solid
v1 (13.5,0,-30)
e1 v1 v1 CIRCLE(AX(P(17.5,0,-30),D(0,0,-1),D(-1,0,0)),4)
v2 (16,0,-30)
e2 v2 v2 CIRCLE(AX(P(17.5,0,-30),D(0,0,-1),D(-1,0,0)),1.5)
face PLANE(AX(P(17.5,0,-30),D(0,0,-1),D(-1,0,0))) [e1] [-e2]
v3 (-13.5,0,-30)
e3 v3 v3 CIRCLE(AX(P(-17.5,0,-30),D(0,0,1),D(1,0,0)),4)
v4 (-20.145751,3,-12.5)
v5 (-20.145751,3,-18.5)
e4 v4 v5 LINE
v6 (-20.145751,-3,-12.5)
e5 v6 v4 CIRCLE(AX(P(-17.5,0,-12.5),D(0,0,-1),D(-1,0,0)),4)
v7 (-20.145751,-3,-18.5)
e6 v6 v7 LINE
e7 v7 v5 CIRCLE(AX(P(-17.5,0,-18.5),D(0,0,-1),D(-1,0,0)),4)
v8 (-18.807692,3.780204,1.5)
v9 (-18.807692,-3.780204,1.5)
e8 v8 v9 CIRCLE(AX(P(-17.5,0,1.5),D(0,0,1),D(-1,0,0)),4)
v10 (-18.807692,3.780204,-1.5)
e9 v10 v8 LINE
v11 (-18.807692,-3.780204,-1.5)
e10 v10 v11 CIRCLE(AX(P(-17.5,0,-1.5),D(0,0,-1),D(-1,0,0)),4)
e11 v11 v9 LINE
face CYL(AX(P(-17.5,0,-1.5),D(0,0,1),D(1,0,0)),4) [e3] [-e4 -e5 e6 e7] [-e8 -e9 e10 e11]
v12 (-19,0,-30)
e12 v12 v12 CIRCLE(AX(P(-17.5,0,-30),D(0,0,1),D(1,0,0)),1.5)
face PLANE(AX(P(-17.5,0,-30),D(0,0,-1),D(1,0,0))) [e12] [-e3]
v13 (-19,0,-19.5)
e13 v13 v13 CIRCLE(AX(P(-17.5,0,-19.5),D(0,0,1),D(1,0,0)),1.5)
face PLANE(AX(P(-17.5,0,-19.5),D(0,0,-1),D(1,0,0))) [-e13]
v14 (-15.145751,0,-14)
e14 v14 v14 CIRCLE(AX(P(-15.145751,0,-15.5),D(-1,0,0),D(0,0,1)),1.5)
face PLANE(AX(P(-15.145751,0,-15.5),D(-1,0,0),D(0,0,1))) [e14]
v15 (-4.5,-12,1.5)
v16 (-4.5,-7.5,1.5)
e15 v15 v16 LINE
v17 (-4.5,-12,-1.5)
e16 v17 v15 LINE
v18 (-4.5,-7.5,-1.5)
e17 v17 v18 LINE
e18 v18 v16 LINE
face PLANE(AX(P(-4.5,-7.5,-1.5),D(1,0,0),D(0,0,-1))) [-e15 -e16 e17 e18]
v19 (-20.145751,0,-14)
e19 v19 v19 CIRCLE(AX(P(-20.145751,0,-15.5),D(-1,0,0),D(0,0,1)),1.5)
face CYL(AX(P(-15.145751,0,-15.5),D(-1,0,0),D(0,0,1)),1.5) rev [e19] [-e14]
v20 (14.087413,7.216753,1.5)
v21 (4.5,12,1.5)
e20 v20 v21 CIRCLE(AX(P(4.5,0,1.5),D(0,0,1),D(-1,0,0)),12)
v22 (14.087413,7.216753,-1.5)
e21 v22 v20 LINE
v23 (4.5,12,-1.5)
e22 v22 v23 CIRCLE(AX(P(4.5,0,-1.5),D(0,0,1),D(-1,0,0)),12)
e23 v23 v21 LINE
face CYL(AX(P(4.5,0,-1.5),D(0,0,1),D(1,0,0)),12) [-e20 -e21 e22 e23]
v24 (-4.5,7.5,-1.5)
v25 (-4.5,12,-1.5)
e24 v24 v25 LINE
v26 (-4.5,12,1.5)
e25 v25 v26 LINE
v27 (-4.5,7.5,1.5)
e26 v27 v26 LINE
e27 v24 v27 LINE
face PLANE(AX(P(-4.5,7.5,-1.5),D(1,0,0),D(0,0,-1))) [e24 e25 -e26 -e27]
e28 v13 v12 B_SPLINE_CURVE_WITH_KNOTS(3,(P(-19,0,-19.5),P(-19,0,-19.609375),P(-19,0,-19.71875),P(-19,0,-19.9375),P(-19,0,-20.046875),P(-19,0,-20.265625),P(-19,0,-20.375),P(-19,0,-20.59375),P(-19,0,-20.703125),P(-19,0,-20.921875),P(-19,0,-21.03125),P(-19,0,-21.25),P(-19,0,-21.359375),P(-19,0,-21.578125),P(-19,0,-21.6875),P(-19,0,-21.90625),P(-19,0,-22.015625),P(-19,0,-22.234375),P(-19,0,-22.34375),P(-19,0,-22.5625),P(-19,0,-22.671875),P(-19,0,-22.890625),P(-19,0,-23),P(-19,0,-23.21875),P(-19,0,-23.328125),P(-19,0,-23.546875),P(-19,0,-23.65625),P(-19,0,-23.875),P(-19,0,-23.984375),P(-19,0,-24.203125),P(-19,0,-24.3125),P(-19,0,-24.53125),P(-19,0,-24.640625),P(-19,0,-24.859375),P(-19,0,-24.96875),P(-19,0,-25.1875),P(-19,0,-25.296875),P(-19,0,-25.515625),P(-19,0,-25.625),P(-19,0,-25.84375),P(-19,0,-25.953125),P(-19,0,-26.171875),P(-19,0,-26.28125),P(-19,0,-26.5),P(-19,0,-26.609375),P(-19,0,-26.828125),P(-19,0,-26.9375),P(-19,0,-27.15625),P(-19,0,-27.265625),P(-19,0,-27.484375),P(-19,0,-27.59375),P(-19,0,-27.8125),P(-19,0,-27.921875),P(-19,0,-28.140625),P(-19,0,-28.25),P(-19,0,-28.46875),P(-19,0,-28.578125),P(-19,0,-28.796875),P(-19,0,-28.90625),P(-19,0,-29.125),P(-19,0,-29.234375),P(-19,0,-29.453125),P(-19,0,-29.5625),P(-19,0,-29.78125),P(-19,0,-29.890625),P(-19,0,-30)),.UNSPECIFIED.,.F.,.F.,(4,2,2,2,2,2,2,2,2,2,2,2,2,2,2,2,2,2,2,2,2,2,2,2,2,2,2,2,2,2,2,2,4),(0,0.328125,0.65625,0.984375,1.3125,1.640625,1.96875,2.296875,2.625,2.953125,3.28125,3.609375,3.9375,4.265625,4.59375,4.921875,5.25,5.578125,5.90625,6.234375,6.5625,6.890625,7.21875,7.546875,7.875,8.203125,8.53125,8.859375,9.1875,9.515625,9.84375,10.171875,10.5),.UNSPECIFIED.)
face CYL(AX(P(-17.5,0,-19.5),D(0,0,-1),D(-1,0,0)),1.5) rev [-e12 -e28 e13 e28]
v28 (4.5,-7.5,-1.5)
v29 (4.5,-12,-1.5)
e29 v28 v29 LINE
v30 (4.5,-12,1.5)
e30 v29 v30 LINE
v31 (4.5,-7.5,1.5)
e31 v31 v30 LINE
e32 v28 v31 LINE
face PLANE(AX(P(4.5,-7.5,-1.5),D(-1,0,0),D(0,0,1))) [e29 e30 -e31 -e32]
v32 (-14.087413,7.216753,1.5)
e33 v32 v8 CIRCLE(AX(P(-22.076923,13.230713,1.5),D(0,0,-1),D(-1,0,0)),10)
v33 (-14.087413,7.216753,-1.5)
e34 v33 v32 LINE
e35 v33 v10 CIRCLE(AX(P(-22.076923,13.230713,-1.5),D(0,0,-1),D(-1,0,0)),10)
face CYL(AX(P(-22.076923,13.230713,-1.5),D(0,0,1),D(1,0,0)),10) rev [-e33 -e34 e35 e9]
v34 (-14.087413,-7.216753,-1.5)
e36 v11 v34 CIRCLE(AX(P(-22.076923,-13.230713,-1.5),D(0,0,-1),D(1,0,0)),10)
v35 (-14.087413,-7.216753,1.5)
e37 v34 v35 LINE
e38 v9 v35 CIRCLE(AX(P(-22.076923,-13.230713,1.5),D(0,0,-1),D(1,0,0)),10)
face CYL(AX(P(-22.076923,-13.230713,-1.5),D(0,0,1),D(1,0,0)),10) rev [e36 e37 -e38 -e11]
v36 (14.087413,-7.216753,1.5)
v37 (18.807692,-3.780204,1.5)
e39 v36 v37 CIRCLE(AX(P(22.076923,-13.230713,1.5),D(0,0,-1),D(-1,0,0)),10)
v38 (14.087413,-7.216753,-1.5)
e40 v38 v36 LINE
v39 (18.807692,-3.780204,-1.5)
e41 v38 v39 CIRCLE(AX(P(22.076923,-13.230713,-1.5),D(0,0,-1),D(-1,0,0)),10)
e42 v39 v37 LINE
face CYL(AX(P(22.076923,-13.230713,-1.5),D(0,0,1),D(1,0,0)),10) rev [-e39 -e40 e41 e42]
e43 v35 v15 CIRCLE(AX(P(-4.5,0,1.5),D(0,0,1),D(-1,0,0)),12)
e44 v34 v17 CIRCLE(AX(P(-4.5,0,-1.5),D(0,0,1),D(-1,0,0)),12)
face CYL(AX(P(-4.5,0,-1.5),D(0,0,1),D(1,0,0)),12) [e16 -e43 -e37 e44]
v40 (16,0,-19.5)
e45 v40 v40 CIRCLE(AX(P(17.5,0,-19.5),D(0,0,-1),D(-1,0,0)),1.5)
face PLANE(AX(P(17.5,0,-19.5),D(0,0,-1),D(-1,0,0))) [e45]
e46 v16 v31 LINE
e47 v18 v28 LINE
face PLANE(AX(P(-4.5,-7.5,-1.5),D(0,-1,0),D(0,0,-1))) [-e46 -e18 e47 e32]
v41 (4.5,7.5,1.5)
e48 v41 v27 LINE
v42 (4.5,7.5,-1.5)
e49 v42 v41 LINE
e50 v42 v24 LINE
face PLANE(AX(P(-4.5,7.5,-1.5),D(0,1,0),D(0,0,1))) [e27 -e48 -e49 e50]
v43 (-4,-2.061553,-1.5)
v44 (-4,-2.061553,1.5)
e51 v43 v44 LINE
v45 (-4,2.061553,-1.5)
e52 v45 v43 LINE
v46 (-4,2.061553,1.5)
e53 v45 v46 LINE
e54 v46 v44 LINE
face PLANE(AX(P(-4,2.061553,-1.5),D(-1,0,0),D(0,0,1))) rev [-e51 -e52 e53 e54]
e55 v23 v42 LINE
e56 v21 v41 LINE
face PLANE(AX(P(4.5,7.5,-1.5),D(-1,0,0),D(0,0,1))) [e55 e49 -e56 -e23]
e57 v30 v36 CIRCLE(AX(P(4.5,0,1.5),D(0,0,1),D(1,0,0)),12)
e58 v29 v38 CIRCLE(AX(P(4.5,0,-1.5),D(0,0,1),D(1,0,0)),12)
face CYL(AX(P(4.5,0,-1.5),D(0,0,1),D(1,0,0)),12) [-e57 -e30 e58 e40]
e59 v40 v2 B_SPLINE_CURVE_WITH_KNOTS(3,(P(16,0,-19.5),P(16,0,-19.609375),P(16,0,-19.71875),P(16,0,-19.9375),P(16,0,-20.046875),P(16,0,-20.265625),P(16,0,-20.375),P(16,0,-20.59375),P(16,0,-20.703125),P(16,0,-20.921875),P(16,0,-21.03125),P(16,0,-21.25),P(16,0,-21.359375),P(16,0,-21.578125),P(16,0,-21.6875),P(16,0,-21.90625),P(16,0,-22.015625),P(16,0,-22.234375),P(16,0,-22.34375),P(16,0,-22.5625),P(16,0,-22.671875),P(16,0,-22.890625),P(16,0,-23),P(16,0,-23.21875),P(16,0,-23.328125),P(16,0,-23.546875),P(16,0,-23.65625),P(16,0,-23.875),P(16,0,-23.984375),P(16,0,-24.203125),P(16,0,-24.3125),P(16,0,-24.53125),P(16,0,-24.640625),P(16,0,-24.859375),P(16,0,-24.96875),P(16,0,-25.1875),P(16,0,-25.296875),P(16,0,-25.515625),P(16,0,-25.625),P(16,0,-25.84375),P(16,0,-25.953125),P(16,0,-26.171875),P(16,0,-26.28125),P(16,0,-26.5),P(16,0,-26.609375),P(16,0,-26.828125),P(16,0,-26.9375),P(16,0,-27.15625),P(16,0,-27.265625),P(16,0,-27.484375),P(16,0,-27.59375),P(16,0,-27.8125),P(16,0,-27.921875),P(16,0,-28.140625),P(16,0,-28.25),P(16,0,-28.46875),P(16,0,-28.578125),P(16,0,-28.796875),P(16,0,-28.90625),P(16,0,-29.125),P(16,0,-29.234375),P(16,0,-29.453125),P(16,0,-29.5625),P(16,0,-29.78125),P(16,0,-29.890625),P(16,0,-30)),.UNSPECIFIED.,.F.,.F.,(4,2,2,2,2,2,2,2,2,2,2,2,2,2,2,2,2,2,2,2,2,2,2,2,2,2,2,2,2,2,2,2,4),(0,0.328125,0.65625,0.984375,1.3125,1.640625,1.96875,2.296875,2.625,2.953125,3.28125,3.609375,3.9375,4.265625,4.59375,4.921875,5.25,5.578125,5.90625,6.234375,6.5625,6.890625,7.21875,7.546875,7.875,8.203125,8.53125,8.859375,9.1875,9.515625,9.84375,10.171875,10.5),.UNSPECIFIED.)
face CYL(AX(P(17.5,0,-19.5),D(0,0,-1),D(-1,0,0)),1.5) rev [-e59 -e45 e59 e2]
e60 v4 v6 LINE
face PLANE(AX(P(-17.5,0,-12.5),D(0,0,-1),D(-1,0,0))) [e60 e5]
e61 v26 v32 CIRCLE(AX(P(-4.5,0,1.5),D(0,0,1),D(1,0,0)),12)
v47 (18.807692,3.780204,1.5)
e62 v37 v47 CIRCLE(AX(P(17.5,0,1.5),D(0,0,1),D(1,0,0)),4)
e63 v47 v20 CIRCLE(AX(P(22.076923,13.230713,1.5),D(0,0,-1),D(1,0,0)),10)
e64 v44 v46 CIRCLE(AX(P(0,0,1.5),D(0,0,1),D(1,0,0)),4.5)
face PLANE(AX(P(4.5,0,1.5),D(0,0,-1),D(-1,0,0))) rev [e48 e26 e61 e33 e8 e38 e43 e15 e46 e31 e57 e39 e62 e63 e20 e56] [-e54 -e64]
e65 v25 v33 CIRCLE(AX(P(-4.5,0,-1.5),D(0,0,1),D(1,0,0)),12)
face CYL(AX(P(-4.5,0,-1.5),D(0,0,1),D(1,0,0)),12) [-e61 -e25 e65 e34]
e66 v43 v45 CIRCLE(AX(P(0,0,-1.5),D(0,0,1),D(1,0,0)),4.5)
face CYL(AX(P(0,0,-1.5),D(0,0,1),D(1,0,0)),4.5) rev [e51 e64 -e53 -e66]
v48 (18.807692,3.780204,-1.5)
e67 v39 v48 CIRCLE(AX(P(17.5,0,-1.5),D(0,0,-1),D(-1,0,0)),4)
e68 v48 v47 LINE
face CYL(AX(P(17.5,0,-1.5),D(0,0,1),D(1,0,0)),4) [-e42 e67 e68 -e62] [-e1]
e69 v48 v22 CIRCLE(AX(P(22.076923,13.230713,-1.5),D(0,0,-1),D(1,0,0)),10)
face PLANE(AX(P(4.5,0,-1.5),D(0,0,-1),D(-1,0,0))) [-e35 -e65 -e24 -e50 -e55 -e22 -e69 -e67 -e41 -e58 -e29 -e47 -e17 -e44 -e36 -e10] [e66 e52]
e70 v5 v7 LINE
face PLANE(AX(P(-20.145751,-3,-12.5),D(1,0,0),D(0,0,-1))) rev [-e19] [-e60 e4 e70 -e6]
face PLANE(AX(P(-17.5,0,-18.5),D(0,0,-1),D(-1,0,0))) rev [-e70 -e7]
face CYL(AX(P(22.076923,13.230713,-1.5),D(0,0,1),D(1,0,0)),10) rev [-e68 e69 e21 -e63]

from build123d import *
from build123d.topology import SkipClean

# Parameters (mm, degrees)
EXTRUDE_1_DEPTH     = 1.5
CUT_EXTRUDE_1_DEPTH = 25.80423351
SKETCH_5_R          = 4
EXTRUDE_2_DEPTH     = 28.5
SKETCH_8_R          = 1.5
CUT_EXTRUDE_2_DEPTH = 10.5
CUT_EXTRUDE_3_DEPTH = 3
SKETCH_11_R         = 1.5
CUT_EXTRUDE_4_DEPTH = 5


with BuildPart() as part:
    # 草图1 → 凸台-拉伸1 (new, symmetric)
    with BuildSketch(Plane.XY):
        with BuildLine():
            Line((-4.5, 7.5), (4.5, 7.5))
            Line((4.5, 7.5), (4.5, 12))
            ThreePointArc((4.5, 12), (9.857189903, 10.7378078), (14.087412587, 7.216752724))
            ThreePointArc((14.087412587, 7.216752724), (16.191153731, 5.146301215), (18.807692308, 3.780203808))
            ThreePointArc((18.807692308, 3.780203808), (21.5, 0), (18.807692308, -3.780203808))
            ThreePointArc((18.807692308, -3.780203808), (16.191153731, -5.146301215), (14.087412587, -7.216752724))
            ThreePointArc((14.087412587, -7.216752724), (9.857189903, -10.7378078), (4.5, -12))
            Line((4.5, -12), (4.5, -7.5))
            Line((4.5, -7.5), (-4.5, -7.5))
            Line((-4.5, -7.5), (-4.5, -12))
            ThreePointArc((-4.5, -12), (-9.857189903, -10.7378078), (-14.087412587, -7.216752724))
            ThreePointArc((-14.087412587, -7.216752724), (-16.191153731, -5.146301215), (-18.807692308, -3.780203808))
            ThreePointArc((-18.807692308, -3.780203808), (-21.5, 0), (-18.807692308, 3.780203808))
            ThreePointArc((-18.807692308, 3.780203808), (-16.191153731, 5.146301215), (-14.087412587, 7.216752724))
            ThreePointArc((-14.087412587, 7.216752724), (-9.857189903, 10.7378078), (-4.5, 12))
            Line((-4.5, 12), (-4.5, 7.5))
        make_face()
    extrude(amount=EXTRUDE_1_DEPTH, both=True)

    # 草图4 → 切除-拉伸1 (cut, through all)
    with BuildSketch(Plane.XY.offset(1.5)):
        with BuildLine():
            Line((-4, 2.061552813), (-4, -2.061552813))
            ThreePointArc((-4, -2.061552813), (4.5, 0), (-4, 2.061552813))
        make_face()
    extrude(amount=-CUT_EXTRUDE_1_DEPTH, mode=Mode.SUBTRACT)

    # 草图5 → 凸台-拉伸2 (add)
    with BuildSketch(Plane(origin=(0, 0, -1.5), x_dir=(-1, 0, 0), z_dir=(0, 0, -1))):
        with Locations(Location((-17.5, 0, 0), (0, 0, 109.082124804))):
            Circle(SKETCH_5_R)
    extrude_2 = extrude(amount=EXTRUDE_2_DEPTH)

    # 草图8 → 切除-拉伸2 (cut)
    with BuildSketch(Plane(origin=(0, 0, -30), x_dir=(-1, 0, 0), z_dir=(0, 0, -1))):
        with Locations((-17.5, 0)):
            Circle(SKETCH_8_R)
    cut_extrude_2 = extrude(amount=-CUT_EXTRUDE_2_DEPTH, mode=Mode.SUBTRACT)

    # 镜向2: 凸台-拉伸2, 切除-拉伸2 across plane
    with SkipClean():  # the faces are left unmerged after this step: merging them gives an invalid solid
        add(extrude_2.mirror(Plane(origin=(0, 0, 0), x_dir=(0, 0, 1), z_dir=(1, 0, 0))))
        add(cut_extrude_2.mirror(Plane(origin=(0, 0, 0), x_dir=(0, 0, 1), z_dir=(1, 0, 0))), mode=Mode.SUBTRACT)

    # 草图10 → 切除-拉伸3 (cut, symmetric)
    with SkipClean():  # the faces are left unmerged after this step: merging them gives an invalid solid
        with BuildSketch(Plane(origin=(0, 0, -15.5), x_dir=(-1, 0, 0), z_dir=(0, 0, -1))):
            with BuildLine():
                Line((20.145751311, -3), (20.145751311, 3))
                ThreePointArc((20.145751311, 3), (21.5, 0), (20.145751311, -3))
            make_face()
        extrude(amount=CUT_EXTRUDE_3_DEPTH, both=True, mode=Mode.SUBTRACT)

    # 草图11 → 切除-拉伸4 (cut)
    with SkipClean():  # the faces are left unmerged after this step: merging them gives an invalid solid
        with BuildSketch(Plane.ZY.offset(20.145751311)):
            with Locations((-15.5, 0)):
                Circle(SKETCH_11_R)
        extrude(amount=-CUT_EXTRUDE_4_DEPTH, mode=Mode.SUBTRACT)


solid = part.part
